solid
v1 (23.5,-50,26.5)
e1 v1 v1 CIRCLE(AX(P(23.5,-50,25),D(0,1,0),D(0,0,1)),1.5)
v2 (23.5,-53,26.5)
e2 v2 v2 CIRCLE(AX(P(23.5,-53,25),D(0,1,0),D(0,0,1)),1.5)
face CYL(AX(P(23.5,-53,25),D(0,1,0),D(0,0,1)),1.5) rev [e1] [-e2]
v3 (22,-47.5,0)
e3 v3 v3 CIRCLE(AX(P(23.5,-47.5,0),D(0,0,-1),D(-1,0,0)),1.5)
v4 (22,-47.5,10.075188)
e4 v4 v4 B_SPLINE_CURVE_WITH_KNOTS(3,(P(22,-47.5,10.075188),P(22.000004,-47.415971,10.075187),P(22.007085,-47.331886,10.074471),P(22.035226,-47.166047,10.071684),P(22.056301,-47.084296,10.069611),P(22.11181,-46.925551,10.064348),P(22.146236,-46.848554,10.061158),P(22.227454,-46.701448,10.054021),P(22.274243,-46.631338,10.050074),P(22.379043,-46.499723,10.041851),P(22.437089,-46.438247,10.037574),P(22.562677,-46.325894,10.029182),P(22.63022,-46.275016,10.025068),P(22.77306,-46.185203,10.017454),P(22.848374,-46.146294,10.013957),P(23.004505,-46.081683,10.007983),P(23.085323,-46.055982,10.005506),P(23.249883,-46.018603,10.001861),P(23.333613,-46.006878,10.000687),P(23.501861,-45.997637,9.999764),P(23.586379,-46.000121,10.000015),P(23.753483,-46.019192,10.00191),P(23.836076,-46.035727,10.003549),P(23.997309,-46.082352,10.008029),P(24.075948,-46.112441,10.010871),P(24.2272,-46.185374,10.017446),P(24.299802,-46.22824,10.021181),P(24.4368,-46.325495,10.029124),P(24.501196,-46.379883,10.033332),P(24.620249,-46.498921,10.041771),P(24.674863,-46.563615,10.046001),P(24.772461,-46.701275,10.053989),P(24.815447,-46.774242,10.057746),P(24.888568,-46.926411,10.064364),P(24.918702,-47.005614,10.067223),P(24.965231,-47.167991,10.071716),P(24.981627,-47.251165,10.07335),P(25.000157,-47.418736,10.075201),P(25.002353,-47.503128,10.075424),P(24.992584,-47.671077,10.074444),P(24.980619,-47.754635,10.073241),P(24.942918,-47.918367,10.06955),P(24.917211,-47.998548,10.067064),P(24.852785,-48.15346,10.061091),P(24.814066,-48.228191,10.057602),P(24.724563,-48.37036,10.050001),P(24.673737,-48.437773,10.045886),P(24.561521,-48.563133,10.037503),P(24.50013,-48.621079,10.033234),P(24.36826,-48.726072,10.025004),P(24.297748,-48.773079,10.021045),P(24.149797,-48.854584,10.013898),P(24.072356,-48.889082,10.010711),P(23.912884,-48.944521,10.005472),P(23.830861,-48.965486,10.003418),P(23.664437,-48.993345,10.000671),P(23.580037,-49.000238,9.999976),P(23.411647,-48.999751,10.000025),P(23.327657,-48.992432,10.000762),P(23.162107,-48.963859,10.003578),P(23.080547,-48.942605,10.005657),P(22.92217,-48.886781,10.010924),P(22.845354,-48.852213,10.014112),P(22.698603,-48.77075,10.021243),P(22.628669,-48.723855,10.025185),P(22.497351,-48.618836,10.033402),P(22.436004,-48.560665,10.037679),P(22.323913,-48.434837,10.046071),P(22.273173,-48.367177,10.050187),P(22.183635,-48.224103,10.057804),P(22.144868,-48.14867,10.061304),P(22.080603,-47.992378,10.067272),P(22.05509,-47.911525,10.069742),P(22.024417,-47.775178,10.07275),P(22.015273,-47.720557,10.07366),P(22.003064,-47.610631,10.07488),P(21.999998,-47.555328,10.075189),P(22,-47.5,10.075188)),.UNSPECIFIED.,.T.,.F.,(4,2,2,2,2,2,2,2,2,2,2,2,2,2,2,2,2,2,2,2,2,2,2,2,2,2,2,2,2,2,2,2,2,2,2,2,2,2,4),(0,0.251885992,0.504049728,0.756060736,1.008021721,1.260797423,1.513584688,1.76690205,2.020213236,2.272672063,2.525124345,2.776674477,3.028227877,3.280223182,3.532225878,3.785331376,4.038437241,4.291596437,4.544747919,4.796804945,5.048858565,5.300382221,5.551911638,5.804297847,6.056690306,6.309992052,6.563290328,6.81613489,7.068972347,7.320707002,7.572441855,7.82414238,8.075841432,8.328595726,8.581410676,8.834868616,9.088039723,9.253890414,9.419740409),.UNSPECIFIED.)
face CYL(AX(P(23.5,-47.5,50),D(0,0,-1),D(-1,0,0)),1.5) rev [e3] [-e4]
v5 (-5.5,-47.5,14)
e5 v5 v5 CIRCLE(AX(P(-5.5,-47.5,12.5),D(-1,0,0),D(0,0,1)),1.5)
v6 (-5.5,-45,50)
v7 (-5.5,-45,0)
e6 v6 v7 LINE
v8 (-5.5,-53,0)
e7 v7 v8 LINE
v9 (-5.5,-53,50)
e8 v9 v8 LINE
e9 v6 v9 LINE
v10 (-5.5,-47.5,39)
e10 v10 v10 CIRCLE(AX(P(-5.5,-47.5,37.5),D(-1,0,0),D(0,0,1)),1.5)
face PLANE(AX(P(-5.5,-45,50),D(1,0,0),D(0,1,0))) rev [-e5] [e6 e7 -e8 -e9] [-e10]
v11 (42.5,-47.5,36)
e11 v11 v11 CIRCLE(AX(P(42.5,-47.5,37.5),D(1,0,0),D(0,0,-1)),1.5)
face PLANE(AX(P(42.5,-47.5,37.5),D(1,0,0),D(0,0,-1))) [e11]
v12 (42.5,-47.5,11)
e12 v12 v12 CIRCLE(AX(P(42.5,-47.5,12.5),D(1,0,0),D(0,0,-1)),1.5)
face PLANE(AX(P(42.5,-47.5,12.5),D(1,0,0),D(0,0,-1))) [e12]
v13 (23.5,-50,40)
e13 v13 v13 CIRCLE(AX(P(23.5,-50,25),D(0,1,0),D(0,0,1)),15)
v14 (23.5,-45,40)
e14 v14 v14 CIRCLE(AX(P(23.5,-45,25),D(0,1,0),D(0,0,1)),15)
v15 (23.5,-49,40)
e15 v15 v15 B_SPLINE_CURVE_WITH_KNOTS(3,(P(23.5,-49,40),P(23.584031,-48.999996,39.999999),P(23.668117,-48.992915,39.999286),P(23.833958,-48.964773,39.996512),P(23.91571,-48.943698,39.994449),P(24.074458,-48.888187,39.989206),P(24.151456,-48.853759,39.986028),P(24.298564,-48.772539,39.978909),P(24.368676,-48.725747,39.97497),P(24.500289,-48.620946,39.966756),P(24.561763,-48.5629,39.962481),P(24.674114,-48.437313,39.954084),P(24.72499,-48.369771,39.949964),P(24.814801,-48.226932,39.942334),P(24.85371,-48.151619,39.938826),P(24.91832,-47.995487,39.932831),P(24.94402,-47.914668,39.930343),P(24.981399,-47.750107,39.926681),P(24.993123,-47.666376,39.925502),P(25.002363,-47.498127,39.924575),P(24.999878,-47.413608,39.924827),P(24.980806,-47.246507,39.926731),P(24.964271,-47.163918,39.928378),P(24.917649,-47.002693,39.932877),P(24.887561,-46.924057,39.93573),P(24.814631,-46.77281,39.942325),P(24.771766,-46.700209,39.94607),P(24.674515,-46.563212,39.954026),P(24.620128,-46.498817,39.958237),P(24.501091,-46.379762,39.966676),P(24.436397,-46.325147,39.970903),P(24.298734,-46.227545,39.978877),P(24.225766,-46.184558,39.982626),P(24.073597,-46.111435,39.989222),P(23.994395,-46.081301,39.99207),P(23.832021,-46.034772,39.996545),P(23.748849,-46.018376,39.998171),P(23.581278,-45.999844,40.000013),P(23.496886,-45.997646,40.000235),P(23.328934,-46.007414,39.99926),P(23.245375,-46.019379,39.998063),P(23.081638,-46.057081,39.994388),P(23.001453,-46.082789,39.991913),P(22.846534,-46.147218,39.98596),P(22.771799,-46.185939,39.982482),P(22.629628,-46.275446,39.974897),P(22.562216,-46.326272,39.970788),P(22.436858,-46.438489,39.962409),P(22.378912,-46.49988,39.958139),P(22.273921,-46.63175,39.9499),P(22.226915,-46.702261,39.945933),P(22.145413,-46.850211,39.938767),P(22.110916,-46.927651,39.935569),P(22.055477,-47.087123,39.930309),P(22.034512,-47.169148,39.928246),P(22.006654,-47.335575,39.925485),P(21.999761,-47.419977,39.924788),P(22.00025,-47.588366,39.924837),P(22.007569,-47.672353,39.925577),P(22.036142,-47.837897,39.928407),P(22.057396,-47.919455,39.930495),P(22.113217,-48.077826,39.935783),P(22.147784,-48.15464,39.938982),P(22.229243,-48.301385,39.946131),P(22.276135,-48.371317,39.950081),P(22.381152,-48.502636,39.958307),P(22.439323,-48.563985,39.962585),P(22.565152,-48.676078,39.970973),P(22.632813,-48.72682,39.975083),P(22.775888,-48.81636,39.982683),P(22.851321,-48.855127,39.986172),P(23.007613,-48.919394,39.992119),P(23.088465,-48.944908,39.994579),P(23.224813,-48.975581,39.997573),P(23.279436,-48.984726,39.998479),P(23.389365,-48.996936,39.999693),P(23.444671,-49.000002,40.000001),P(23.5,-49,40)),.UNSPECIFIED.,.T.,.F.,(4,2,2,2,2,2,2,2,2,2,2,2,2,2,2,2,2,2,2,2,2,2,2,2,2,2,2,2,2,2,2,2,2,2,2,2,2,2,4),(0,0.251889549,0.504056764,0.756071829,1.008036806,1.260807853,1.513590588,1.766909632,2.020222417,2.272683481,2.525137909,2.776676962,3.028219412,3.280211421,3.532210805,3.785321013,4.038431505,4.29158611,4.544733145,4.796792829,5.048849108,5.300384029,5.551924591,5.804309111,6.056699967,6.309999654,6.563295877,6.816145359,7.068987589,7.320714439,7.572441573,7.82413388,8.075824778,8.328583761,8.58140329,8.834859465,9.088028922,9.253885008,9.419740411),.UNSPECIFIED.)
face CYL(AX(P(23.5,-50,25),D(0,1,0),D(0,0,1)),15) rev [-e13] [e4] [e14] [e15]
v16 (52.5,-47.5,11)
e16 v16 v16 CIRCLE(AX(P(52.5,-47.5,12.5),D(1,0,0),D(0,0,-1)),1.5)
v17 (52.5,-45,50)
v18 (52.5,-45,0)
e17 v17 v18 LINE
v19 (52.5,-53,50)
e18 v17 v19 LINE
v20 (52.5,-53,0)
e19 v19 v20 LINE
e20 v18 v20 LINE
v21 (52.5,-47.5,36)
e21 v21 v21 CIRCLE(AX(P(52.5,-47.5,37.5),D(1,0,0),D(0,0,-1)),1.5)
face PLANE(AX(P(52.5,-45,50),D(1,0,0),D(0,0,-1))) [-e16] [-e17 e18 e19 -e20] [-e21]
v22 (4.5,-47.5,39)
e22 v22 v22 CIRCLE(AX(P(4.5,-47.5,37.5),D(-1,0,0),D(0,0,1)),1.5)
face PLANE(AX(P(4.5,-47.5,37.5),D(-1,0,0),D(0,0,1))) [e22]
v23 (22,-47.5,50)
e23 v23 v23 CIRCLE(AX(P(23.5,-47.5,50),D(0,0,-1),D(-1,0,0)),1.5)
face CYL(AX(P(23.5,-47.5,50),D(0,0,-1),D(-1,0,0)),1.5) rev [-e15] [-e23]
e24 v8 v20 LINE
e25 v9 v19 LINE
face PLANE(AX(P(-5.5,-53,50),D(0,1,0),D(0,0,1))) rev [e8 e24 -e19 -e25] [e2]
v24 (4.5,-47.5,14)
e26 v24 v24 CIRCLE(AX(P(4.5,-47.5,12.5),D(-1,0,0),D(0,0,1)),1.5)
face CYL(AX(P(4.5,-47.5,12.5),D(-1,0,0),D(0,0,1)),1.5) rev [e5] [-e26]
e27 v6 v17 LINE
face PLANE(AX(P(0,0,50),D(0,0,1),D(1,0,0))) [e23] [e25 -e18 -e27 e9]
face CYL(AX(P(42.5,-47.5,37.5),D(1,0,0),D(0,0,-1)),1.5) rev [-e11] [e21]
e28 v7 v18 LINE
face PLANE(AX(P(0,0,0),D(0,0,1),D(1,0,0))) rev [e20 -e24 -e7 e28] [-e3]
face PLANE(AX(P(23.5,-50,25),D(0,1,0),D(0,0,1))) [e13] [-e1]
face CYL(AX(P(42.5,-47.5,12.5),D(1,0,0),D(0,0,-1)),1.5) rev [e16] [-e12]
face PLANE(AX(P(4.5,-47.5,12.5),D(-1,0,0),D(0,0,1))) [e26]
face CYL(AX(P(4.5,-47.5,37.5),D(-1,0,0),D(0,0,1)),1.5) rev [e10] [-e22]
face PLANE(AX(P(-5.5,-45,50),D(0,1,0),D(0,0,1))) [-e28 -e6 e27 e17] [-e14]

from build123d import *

# Parameters (mm, degrees)
ESQUISSE1_W             = 58
ESQUISSE1_H             = 8
BOSS_EXTRU_1_DEPTH      = 50
ESQUISSE2_R             = 15
ENL_V_MAT_EXTRU_1_DEPTH = 5
ESQUISSE3_R             = 1.5
ENL_V_MAT_EXTRU_2_DEPTH = 10
ESQUISSE4_R             = 1.5
ENL_V_MAT_EXTRU_3_DEPTH = 10
ESQUISSE5_R             = 1.5
ENL_V_MAT_EXTRU_4_DEPTH = 4
ESQUISSE6_R             = 1.5
ENL_V_MAT_EXTRU_5_DEPTH = 51


with BuildPart() as part:
    # Esquisse1 → Boss.-Extru.1 (new body)
    with BuildSketch(Plane.XY):
        with Locations((23.5, -49)):
            Rectangle(ESQUISSE1_W, ESQUISSE1_H)
    extrude(amount=BOSS_EXTRU_1_DEPTH)

    # Esquisse2 → Enlèv. mat.-Extru.1 (cut)
    with BuildSketch(Plane(origin=(0, -45, 0), x_dir=(-1, 0, 0), z_dir=(0, 1, 0))):
        with Locations((-23.5, 25)):
            Circle(ESQUISSE2_R)
    extrude(amount=-ENL_V_MAT_EXTRU_1_DEPTH, mode=Mode.SUBTRACT)

    # Esquisse3 → Enlèv. mat.-Extru.2 (cut)
    with BuildSketch(Plane.ZY.offset(5.5)):
        with Locations((12.5, -47.5)):
            Circle(ESQUISSE3_R)
        with Locations((37.5, -47.5)):
            Circle(ESQUISSE3_R)
    extrude(amount=-ENL_V_MAT_EXTRU_2_DEPTH, mode=Mode.SUBTRACT)

    # Esquisse4 → Enlèv. mat.-Extru.3 (cut)
    with BuildSketch(Plane(origin=(52.5, 0, 0), x_dir=(0, 0, -1), z_dir=(1, 0, 0))):
        with Locations((-37.5, -47.5)):
            Circle(ESQUISSE4_R)
        with Locations((-12.5, -47.5)):
            Circle(ESQUISSE4_R)
    extrude(amount=-ENL_V_MAT_EXTRU_3_DEPTH, mode=Mode.SUBTRACT)

    # Esquisse5 → Enlèv. mat.-Extru.4 (cut, through all)
    with BuildSketch(Plane(origin=(0, -50, 0), x_dir=(1, 0, 0), z_dir=(0, 1, 0))):
        with Locations((23.5, -25)):
            Circle(ESQUISSE5_R)
    extrude(amount=-ENL_V_MAT_EXTRU_4_DEPTH, mode=Mode.SUBTRACT)

    # Esquisse6 → Enlèv. mat.-Extru.5 (cut, through all)
    with BuildSketch(Plane(origin=(0, 0, 0), x_dir=(-1, 0, 0), z_dir=(0, 0, -1))):
        with Locations((-23.5, -47.5)):
            Circle(ESQUISSE6_R)
    extrude(amount=-ENL_V_MAT_EXTRU_5_DEPTH, mode=Mode.SUBTRACT)


solid = part.part
